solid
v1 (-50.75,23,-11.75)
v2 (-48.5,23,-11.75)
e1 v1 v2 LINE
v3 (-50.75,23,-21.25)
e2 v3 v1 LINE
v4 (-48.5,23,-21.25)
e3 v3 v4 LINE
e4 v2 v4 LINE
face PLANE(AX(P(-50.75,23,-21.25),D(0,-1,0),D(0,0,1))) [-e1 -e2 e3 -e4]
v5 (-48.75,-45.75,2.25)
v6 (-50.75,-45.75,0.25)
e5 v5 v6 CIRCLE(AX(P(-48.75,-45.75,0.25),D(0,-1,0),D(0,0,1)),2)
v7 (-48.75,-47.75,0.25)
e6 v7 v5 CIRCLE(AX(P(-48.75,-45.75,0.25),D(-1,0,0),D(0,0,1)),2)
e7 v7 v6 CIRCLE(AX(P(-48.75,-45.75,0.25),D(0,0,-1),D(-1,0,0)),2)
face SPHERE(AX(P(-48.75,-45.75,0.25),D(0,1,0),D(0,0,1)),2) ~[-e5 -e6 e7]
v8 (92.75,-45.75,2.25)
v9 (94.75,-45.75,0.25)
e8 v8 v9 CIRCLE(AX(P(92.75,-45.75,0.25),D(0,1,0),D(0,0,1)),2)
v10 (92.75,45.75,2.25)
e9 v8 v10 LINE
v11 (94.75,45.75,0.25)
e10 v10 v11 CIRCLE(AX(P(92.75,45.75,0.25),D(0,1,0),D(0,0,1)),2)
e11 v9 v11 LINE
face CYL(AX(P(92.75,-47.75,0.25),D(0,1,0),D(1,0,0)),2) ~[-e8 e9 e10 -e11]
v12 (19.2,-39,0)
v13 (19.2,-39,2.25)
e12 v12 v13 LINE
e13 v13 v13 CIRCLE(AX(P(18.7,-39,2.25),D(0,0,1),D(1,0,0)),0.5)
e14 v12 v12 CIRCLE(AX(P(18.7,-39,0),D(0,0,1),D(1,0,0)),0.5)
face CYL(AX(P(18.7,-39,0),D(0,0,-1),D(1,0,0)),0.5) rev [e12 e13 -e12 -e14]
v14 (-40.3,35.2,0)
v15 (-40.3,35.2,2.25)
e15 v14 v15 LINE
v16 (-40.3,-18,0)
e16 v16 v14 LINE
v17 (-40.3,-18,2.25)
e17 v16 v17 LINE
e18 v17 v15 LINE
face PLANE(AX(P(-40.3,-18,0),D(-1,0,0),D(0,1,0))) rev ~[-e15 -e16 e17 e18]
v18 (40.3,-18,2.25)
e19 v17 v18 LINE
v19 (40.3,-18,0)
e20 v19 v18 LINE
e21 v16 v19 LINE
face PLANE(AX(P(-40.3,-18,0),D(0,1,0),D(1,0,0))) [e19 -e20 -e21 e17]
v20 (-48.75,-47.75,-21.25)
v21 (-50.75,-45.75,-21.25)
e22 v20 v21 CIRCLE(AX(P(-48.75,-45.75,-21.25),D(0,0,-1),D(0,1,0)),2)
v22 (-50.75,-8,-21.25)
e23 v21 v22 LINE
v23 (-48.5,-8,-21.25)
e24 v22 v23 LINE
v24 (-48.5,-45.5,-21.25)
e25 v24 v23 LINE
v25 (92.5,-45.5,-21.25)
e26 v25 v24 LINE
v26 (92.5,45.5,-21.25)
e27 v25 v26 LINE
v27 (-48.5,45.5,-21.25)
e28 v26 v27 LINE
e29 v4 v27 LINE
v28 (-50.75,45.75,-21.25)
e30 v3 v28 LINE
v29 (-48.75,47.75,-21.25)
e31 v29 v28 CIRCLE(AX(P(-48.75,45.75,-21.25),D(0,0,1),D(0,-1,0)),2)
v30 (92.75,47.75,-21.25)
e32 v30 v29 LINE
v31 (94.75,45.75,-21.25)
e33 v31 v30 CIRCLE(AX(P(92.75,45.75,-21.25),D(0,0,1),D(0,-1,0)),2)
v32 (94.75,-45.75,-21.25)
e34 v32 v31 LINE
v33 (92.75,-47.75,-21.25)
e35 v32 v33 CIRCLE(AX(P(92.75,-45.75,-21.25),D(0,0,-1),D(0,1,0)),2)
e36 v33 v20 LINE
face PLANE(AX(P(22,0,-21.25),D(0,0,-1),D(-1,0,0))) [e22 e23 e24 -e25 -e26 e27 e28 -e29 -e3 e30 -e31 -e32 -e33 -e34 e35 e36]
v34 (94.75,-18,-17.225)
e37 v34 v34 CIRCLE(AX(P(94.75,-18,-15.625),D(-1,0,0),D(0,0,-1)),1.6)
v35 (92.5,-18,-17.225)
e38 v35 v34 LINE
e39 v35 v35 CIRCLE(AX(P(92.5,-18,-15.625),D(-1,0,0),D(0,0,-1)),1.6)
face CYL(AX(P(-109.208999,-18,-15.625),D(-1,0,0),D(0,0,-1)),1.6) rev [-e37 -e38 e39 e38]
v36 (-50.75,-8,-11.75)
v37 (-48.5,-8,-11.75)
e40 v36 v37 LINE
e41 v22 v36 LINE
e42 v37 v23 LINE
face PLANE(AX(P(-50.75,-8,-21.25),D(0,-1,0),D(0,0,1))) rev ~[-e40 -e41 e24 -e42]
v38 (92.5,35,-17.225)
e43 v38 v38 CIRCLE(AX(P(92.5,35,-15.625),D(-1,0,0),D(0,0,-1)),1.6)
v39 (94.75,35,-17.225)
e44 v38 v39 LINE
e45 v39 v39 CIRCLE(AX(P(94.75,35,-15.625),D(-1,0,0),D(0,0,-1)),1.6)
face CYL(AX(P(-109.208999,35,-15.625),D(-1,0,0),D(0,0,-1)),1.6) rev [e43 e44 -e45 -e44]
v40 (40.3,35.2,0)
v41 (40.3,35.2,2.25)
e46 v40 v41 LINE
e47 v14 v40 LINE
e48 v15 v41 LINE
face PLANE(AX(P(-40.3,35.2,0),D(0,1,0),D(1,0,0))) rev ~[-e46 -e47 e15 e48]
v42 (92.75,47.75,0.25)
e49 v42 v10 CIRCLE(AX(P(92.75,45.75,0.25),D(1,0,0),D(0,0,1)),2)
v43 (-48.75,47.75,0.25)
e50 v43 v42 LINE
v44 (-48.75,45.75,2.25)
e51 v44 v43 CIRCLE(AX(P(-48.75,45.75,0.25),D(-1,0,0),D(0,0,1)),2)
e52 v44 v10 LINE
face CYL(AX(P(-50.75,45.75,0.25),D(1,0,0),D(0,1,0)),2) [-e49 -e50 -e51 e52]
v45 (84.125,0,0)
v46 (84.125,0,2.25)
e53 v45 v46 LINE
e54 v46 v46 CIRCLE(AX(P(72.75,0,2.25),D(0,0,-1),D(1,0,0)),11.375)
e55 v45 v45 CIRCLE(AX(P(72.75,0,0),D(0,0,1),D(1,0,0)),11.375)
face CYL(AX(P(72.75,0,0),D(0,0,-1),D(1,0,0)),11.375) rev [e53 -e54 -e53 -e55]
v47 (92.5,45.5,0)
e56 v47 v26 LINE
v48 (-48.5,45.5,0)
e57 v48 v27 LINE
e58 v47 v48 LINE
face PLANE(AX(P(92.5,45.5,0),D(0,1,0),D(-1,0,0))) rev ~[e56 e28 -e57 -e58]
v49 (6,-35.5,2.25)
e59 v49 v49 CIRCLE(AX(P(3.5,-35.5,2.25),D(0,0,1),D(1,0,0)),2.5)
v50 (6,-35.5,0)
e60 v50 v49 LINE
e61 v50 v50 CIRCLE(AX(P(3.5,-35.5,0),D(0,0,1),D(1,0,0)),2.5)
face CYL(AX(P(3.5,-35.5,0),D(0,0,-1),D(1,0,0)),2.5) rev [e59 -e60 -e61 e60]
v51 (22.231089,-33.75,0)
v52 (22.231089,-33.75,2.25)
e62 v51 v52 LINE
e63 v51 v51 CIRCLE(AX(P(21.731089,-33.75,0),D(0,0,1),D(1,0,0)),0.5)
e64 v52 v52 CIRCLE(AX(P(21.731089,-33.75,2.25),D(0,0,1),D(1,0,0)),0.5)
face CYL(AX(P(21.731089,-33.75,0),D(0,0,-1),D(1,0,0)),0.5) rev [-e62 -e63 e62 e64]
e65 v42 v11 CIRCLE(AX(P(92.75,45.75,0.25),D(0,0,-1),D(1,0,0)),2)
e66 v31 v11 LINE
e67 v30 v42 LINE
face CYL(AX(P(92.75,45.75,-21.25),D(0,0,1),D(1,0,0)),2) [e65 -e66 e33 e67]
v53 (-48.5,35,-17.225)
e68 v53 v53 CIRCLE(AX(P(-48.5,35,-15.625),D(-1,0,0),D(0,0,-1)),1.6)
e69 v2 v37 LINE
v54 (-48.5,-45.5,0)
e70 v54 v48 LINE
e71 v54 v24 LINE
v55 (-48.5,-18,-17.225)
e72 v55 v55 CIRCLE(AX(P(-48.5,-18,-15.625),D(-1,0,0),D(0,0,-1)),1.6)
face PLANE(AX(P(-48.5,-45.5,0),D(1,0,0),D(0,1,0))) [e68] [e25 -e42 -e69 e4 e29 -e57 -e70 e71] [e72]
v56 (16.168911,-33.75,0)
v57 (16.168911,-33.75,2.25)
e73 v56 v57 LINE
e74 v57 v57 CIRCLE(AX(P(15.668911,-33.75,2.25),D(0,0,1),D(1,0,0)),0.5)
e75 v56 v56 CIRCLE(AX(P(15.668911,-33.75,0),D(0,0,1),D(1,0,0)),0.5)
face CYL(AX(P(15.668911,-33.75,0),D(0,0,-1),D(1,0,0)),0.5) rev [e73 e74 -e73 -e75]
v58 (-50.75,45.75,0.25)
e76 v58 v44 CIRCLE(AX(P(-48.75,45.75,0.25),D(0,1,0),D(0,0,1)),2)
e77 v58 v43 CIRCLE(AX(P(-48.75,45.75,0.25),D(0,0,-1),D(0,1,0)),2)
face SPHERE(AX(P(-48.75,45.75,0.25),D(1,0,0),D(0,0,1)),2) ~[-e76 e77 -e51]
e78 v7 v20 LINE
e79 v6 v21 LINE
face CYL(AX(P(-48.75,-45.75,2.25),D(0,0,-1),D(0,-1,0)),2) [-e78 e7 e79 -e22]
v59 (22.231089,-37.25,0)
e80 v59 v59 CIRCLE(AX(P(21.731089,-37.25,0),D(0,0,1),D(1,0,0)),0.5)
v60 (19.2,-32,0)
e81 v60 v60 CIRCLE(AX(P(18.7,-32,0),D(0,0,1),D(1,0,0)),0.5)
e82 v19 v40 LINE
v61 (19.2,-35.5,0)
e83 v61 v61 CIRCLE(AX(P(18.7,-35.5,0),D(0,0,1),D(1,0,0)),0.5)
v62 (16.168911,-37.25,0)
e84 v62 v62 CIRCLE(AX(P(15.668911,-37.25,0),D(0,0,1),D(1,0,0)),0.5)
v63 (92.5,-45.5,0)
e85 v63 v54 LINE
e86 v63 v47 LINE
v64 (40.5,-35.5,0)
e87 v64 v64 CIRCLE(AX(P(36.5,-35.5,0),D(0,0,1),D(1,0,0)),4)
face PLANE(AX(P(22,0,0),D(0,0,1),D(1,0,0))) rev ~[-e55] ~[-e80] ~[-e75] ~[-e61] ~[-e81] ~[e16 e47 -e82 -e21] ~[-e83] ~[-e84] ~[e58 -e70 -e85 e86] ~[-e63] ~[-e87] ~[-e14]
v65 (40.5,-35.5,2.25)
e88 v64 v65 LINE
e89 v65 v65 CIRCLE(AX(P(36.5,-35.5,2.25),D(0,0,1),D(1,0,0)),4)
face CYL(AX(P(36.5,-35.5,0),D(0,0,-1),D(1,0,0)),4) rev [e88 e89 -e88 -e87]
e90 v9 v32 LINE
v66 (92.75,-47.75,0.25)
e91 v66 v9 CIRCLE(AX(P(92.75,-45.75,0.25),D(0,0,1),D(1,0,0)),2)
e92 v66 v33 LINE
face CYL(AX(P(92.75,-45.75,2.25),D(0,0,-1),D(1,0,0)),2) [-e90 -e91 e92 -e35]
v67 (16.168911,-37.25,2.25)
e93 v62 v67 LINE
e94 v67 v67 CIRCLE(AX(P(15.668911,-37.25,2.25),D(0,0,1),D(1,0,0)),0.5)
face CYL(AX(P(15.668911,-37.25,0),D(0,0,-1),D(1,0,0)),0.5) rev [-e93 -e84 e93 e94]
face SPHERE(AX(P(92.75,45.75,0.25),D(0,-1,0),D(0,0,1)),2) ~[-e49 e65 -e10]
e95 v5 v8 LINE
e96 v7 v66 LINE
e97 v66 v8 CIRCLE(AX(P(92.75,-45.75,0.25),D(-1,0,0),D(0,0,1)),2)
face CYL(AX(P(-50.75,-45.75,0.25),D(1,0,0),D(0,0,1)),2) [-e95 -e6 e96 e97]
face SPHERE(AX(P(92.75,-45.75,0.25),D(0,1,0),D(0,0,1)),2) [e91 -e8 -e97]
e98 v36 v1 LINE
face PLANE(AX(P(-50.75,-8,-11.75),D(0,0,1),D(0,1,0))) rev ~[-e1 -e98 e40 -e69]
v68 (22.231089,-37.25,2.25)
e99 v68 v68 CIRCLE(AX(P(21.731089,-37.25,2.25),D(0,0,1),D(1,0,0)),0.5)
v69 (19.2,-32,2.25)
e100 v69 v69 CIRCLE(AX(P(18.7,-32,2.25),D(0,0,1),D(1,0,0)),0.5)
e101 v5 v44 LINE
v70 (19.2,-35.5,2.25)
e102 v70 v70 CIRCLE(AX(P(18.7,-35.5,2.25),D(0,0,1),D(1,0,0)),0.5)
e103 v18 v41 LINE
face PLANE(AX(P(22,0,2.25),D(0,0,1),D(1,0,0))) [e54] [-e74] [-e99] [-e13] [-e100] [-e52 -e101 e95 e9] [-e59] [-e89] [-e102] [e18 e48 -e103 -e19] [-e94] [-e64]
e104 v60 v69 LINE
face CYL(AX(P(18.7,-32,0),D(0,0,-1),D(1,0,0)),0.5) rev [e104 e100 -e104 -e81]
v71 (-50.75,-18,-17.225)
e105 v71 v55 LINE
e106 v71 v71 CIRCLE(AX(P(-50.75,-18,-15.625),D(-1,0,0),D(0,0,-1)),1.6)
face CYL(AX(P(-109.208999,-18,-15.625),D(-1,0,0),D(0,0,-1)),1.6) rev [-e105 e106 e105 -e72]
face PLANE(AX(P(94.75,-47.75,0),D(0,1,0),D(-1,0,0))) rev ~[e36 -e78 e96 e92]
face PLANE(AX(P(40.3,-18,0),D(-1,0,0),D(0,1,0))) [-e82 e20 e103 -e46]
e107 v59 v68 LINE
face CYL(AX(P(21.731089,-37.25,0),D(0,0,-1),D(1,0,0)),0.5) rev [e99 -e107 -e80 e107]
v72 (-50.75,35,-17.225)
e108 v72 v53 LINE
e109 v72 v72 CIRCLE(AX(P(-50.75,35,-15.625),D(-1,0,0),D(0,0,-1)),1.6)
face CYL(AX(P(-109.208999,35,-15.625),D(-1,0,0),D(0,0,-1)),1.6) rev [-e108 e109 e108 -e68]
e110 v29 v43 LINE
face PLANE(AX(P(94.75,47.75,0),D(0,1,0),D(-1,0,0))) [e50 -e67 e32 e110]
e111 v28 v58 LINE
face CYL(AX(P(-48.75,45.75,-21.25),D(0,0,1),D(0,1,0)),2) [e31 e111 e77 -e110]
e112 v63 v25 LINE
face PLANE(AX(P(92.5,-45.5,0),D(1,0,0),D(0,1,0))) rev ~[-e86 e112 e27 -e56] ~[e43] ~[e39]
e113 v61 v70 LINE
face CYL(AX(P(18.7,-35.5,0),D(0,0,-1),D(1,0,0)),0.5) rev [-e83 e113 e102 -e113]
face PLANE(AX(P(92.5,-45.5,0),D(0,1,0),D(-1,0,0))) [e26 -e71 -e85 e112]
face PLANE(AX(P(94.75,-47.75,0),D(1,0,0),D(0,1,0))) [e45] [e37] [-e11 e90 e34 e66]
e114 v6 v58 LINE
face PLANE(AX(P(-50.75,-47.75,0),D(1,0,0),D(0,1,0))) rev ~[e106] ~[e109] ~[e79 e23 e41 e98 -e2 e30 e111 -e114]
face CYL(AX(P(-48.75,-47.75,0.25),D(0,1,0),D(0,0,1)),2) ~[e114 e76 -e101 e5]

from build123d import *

# Parameters (mm, degrees)
FACE_SKETCH_W                       = 145.5
FACE_SKETCH_H                       = 95.5
FACE_SKETCH_R                       = 0.5
FACE_SKETCH_R_2                     = 2.5
FACE_SKETCH_R_3                     = 4
FACE_SKETCH_W_2                     = 80.6
FACE_SKETCH_H_2                     = 53.2
FACE_EXTRUDE_DEPTH                  = 2.25
SKETCH1_R                           = 11.375
STOP_BUTTON_MOUNTING_HOLE_CUT_DEPTH = 107.125809773
WALLS_SKETCH_W                      = 145.5
WALLS_SKETCH_H                      = 95.5
WALLS_SKETCH_W_2                    = 141
WALLS_SKETCH_H_2                    = 91
WALLS_EXTRUDE_DEPTH                 = 21.25
SD_CARD_ACCESS_SKETCH_W             = 9.5
SD_CARD_ACCESS_SKETCH_H             = 31
SD_CARD_CUT_DEPTH                   = 2.5
EDGE_RADIUS_R                       = 2
TOP_CONNECTORS_CUT_DEPTH            = 109.208999164
TOP_CONNECTORS_CUT_DEPTH_BACK       = 109.208999164
TOP_CONNECTORS_SKETCH_R             = 1.6


with BuildPart() as part:
    # Face Sketch → Face Extrude (new body)
    with BuildSketch(Plane.XY):
        with Locations((22, 0)):
            Rectangle(FACE_SKETCH_W, FACE_SKETCH_H)
        with Locations((18.7, -35.5)):
            Circle(FACE_SKETCH_R, mode=Mode.SUBTRACT)
        with Locations((3.5, -35.5)):
            Circle(FACE_SKETCH_R_2, mode=Mode.SUBTRACT)
        with Locations((36.5, -35.5)):
            Circle(FACE_SKETCH_R_3, mode=Mode.SUBTRACT)
        with Locations((18.7, -32)):
            Circle(FACE_SKETCH_R, mode=Mode.SUBTRACT)
        with Locations((21.731088913, -33.75)):
            Circle(FACE_SKETCH_R, mode=Mode.SUBTRACT)
        with Locations((21.731088913, -37.25)):
            Circle(FACE_SKETCH_R, mode=Mode.SUBTRACT)
        with Locations((18.7, -39)):
            Circle(FACE_SKETCH_R, mode=Mode.SUBTRACT)
        with Locations((15.668911087, -37.25)):
            Circle(FACE_SKETCH_R, mode=Mode.SUBTRACT)
        with Locations((15.668911087, -33.75)):
            Circle(FACE_SKETCH_R, mode=Mode.SUBTRACT)
        with Locations((0, 8.6)):
            Rectangle(FACE_SKETCH_W_2, FACE_SKETCH_H_2, mode=Mode.SUBTRACT)
    extrude(amount=FACE_EXTRUDE_DEPTH)

    # Sketch1 → Stop Button Mounting Hole Cut (cut, through all)
    with BuildSketch(Plane.XY):
        with Locations((72.75, 0)):
            Circle(SKETCH1_R)
    extrude(amount=STOP_BUTTON_MOUNTING_HOLE_CUT_DEPTH, mode=Mode.SUBTRACT)

    # Walls Sketch → Walls Extrude (add)
    with BuildSketch(Plane(origin=(0, 0, 0), x_dir=(-1, 0, 0), z_dir=(0, 0, -1))):
        with Locations((-22, 0)):
            Rectangle(WALLS_SKETCH_W, WALLS_SKETCH_H)
        with Locations((-22, 0)):
            Rectangle(WALLS_SKETCH_W_2, WALLS_SKETCH_H_2, mode=Mode.SUBTRACT)
    extrude(amount=WALLS_EXTRUDE_DEPTH)

    # SD Card Access Sketch → SD Card Cut (cut)
    with BuildSketch(Plane.ZY.offset(50.75)):
        with Locations((-16.5, 7.5)):
            Rectangle(SD_CARD_ACCESS_SKETCH_W, SD_CARD_ACCESS_SKETCH_H)
    extrude(amount=-SD_CARD_CUT_DEPTH, mode=Mode.SUBTRACT)

    # Edge Radius
    edge_radius_edges = [part.edges().sort_by_distance(p)[0] for p in [
        (94.75, 0, 2.25),
        (22, 47.75, 2.25),
        (-50.75, 0, 2.25),
        (22, -47.75, 2.25),
        (-50.75, 47.75, -9.5),
        (94.75, 47.75, -9.5),
        (94.75, -47.75, -9.5),
        (-50.75, -47.75, -9.5),
    ]]
    fillet(edge_radius_edges, radius=EDGE_RADIUS_R)

    # Top Connectors Sketch → Top Connectors Cut (cut, two sides: drawn at the far end of the back side and taken through both)
    with BuildSketch(Plane(origin=(0, 0, 0), x_dir=(0, 0, -1), z_dir=(1, 0, 0)).offset(-TOP_CONNECTORS_CUT_DEPTH_BACK)):
        with Locations((15.625, 35)):
            Circle(TOP_CONNECTORS_SKETCH_R)
        with Locations((15.625, -18)):
            Circle(TOP_CONNECTORS_SKETCH_R)
    extrude(amount=TOP_CONNECTORS_CUT_DEPTH + TOP_CONNECTORS_CUT_DEPTH_BACK, mode=Mode.SUBTRACT)


solid = part.part
